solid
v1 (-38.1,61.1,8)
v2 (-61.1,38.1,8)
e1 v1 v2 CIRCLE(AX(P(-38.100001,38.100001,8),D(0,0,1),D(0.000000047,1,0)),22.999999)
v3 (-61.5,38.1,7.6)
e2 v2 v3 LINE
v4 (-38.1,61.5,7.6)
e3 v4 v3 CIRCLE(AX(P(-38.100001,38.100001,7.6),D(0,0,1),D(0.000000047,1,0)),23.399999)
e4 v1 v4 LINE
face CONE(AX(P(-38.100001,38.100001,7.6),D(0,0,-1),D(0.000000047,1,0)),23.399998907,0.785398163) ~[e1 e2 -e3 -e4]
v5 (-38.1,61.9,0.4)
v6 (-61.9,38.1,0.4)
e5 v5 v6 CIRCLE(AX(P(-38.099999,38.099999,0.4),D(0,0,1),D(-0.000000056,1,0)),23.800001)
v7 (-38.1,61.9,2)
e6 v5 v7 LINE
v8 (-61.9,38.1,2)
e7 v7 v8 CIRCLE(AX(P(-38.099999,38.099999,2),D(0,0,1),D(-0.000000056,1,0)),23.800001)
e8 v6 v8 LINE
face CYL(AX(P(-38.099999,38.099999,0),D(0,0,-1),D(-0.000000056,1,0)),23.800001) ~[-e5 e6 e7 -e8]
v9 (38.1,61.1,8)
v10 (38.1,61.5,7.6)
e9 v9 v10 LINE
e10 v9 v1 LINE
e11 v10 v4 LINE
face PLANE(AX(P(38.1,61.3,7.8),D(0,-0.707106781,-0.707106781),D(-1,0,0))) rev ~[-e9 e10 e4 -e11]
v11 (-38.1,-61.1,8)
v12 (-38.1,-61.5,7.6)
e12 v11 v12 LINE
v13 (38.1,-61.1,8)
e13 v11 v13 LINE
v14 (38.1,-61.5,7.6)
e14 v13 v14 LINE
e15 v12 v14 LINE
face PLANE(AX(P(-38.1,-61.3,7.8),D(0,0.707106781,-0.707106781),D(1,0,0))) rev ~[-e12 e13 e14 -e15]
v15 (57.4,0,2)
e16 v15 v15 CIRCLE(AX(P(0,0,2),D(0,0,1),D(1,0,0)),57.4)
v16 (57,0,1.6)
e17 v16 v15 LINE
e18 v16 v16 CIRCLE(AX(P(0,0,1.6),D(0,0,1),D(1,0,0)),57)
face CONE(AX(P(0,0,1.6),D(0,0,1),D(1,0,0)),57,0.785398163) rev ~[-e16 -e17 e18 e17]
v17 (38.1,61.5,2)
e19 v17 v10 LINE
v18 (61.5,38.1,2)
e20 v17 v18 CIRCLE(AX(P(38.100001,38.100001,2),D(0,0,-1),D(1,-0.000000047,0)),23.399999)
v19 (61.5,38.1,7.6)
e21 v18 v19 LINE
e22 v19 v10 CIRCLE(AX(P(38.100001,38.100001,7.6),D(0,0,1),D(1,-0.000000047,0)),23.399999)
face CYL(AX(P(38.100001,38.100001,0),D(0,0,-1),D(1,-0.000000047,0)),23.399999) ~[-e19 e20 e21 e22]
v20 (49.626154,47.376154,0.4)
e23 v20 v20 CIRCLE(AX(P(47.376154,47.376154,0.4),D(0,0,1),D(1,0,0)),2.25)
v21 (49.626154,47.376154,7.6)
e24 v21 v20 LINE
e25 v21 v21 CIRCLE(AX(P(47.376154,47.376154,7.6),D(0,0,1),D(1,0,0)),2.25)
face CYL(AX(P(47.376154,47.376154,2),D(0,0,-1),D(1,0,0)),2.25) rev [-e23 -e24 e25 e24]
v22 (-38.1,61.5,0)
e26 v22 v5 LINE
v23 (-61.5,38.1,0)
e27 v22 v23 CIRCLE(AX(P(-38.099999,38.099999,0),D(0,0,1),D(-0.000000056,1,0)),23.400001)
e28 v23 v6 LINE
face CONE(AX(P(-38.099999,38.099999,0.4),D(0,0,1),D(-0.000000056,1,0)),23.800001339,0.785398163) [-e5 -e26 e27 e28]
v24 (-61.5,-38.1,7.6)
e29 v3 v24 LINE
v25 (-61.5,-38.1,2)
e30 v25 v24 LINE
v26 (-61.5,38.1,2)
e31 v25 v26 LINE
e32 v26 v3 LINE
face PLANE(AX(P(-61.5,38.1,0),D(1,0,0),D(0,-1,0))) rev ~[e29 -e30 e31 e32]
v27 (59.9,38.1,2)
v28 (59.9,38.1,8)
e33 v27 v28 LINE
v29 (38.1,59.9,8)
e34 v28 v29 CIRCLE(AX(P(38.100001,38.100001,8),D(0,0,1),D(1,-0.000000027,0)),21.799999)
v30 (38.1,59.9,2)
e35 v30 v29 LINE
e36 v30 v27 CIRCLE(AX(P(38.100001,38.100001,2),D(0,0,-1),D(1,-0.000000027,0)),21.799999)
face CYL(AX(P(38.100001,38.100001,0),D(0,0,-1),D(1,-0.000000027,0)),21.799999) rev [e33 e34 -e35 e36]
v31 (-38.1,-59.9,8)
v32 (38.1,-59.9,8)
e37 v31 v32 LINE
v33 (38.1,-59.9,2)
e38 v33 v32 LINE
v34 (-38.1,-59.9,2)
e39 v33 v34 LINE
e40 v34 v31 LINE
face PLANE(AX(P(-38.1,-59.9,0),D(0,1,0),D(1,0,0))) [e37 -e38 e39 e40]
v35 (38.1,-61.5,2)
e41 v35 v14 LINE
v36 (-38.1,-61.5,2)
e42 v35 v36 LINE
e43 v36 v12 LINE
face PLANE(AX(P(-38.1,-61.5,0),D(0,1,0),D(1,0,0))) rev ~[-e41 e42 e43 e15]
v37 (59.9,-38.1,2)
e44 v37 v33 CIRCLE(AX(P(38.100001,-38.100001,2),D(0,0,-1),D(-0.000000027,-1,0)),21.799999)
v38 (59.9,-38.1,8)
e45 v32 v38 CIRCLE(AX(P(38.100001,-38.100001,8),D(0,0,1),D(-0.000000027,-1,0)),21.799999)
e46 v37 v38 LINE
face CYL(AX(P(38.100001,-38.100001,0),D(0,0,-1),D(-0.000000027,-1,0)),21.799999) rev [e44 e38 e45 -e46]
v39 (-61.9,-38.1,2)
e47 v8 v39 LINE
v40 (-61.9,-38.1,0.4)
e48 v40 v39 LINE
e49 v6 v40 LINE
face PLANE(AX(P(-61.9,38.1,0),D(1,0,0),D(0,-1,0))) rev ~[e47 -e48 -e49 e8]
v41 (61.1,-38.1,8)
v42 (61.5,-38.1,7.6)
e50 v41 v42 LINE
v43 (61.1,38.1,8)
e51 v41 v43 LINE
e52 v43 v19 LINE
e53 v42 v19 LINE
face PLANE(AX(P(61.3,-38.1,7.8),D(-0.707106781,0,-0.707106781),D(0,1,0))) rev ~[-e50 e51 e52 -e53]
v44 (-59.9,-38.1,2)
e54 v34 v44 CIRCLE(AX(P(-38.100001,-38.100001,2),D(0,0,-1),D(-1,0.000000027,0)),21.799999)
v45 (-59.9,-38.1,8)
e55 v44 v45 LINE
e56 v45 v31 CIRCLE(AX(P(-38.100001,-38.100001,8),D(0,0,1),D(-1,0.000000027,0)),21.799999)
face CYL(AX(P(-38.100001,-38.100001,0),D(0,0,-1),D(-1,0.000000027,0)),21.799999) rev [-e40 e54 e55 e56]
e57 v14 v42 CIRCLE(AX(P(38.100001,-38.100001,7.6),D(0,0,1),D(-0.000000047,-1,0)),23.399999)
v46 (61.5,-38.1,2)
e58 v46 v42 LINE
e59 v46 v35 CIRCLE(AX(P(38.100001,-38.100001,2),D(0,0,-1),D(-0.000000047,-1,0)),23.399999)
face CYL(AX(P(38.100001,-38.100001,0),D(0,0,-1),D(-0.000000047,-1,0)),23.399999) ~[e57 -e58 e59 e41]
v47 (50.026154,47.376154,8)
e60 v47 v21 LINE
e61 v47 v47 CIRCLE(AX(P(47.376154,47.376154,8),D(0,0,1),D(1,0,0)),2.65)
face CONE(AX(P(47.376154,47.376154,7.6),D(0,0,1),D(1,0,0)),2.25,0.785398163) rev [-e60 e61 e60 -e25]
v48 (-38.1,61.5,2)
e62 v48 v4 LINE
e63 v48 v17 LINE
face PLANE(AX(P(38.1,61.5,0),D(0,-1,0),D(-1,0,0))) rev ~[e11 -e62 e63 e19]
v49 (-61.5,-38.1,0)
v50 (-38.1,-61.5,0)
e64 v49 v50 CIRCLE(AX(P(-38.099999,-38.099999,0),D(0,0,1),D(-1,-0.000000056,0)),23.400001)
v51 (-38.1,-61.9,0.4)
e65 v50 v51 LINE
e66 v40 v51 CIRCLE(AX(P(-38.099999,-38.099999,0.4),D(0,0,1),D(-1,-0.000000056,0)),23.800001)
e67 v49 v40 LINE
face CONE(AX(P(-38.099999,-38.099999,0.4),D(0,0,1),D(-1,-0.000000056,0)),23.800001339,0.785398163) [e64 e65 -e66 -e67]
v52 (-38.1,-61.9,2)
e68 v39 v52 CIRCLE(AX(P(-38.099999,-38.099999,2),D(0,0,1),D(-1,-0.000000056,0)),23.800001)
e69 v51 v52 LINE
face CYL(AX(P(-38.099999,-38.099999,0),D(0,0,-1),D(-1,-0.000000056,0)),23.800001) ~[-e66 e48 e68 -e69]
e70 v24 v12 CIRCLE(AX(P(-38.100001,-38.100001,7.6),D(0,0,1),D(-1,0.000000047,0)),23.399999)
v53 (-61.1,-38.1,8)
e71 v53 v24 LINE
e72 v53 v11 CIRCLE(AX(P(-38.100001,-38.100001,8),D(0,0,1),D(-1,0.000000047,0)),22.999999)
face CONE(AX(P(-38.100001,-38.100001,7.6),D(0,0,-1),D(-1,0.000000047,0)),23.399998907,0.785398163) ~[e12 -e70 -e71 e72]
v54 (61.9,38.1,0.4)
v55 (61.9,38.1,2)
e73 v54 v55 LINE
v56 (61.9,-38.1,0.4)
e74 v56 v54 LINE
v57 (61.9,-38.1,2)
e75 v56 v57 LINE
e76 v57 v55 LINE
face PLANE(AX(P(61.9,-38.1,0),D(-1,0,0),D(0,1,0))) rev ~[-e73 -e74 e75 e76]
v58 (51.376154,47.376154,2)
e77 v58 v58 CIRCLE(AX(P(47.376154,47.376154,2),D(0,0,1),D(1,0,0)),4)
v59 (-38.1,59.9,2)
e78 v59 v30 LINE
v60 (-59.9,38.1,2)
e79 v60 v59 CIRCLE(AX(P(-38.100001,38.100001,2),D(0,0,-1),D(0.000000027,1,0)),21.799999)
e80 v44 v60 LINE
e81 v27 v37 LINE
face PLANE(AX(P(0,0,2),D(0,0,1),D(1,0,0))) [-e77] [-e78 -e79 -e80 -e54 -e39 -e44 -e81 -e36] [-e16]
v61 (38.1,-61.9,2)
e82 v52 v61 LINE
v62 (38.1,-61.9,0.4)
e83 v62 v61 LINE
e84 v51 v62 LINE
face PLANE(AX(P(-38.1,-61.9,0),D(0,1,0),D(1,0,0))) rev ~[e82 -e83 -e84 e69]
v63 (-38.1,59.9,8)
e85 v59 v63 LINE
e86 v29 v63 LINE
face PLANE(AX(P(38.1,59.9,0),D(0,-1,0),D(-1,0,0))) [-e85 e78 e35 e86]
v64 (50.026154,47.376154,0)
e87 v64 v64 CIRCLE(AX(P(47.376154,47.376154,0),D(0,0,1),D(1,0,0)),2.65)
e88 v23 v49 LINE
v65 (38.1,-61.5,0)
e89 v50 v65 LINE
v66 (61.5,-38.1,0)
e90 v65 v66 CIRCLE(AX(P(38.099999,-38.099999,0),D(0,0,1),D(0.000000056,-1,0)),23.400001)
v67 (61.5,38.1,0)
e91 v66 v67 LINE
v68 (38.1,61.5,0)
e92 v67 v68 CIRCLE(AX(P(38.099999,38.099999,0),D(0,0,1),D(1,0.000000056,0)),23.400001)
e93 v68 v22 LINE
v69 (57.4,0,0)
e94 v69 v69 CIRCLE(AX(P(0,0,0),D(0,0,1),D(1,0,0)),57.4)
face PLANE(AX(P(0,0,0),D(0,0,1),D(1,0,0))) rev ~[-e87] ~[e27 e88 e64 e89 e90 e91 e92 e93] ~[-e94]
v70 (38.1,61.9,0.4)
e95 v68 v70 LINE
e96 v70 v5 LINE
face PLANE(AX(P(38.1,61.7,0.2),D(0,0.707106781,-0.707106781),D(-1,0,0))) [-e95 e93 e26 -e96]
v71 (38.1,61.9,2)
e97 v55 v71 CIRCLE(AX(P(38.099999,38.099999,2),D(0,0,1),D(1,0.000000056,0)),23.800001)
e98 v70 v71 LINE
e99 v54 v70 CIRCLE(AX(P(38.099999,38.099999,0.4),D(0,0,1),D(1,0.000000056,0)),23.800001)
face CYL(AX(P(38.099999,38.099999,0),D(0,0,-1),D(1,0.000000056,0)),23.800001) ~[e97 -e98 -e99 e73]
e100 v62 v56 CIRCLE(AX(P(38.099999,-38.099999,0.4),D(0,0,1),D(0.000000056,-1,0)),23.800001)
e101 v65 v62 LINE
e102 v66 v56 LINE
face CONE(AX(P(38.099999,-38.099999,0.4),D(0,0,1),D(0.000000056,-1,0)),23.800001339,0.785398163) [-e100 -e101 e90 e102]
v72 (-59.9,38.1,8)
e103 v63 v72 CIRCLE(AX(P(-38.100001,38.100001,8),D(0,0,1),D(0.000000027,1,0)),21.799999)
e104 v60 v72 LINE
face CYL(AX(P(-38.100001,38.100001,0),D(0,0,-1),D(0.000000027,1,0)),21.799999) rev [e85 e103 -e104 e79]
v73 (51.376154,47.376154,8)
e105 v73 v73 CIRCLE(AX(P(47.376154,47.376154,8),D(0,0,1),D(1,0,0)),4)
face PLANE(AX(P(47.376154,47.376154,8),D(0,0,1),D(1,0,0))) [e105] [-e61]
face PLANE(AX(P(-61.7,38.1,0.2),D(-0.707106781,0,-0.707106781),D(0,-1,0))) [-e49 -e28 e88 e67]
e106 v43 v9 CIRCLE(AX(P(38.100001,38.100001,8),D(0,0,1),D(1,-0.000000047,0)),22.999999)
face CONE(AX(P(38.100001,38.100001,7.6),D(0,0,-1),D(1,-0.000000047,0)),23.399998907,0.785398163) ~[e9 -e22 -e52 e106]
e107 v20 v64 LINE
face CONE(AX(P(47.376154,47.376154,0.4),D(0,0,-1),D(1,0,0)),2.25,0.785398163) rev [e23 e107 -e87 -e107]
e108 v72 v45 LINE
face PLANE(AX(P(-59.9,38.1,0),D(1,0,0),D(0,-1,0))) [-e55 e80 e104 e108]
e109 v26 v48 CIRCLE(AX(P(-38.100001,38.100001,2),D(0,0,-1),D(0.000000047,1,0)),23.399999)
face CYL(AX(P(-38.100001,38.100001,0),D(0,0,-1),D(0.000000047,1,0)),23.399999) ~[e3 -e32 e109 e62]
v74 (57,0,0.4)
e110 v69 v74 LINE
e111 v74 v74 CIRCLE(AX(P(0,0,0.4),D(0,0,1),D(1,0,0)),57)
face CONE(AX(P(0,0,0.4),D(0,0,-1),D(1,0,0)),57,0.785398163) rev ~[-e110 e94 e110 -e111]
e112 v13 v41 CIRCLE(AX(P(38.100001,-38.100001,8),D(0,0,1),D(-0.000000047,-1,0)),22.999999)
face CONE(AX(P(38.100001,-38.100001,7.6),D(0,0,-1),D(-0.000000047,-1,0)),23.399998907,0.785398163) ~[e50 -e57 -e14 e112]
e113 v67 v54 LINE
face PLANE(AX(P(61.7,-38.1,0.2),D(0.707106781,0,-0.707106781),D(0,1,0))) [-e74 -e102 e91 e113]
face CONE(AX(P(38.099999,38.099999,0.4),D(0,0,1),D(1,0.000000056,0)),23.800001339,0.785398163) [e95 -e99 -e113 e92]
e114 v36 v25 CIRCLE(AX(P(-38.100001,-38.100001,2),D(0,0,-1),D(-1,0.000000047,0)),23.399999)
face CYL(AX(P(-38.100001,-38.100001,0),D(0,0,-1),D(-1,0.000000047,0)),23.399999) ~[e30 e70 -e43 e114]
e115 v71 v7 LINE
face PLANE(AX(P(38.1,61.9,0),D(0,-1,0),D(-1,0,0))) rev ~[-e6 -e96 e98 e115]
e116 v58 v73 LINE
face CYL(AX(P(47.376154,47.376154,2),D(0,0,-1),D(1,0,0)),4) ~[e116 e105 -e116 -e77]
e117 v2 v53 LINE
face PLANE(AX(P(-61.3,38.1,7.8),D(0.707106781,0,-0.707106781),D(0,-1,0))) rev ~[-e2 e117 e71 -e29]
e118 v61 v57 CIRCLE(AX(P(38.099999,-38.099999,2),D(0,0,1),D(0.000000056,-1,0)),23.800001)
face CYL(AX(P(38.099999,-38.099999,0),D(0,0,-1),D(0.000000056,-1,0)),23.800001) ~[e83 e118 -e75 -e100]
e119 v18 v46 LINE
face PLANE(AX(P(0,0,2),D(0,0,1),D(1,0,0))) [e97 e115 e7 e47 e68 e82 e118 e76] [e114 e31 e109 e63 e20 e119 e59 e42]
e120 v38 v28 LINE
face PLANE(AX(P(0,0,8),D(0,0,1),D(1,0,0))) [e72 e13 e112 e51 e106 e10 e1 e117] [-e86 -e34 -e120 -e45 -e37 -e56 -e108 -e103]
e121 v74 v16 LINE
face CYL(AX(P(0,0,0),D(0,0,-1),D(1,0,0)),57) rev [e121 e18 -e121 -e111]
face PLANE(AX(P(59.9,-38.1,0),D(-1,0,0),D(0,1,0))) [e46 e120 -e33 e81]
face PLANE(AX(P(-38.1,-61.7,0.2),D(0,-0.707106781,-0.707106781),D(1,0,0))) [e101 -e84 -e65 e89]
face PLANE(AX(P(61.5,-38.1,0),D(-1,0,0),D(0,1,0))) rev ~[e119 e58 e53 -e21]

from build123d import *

# Parameters (mm, degrees)
SKETCH_R      = 2.25
SKETCH_R_2    = 57
PAD_DEPTH     = 2
PAD006_DEPTH  = 8
SKETCH014_R   = 4
SKETCH014_R_2 = 2.25
PAD009_DEPTH  = 6
CHAMFER_SIZE  = 0.4


with BuildPart() as part:
    # Sketch → Pad (new body)
    with BuildSketch(Plane.XY):
        with BuildLine():
            Line((-61.9, 38.1), (-61.9, -38.1))
            ThreePointArc((-61.9, -38.1), (-54.929141, -54.929141), (-38.1, -61.9))
            Line((-38.1, -61.9), (38.1, -61.9))
            ThreePointArc((38.1, -61.9), (54.929141, -54.929141), (61.9, -38.1))
            Line((61.9, -38.1), (61.9, 38.1))
            ThreePointArc((61.9, 38.1), (54.929141, 54.929141), (38.1, 61.9))
            Line((38.1, 61.9), (-38.1, 61.9))
            ThreePointArc((-38.1, 61.9), (-54.929141, 54.929141), (-61.9, 38.1))
        make_face()
        with Locations((47.376154, 47.376154)):
            Circle(SKETCH_R, mode=Mode.SUBTRACT)
        Circle(SKETCH_R_2, mode=Mode.SUBTRACT)
    extrude(amount=PAD_DEPTH)

    # Sketch008 → Pad006 (join)
    with BuildSketch(Plane.XY):
        with BuildLine():
            Line((-61.5, 38.1), (-61.5, -38.1))
            ThreePointArc((-61.5, -38.1), (-54.646299, -54.646299), (-38.1, -61.5))
            Line((-38.1, -61.5), (38.1, -61.5))
            ThreePointArc((38.1, -61.5), (54.646299, -54.646299), (61.5, -38.1))
            Line((61.5, -38.1), (61.5, 38.1))
            ThreePointArc((61.5, 38.1), (54.646299, 54.646299), (38.1, 61.5))
            Line((38.1, 61.5), (-38.1, 61.5))
            ThreePointArc((-38.1, 61.5), (-54.646299, 54.646299), (-61.5, 38.1))
        make_face()
        with BuildLine():
            Line((-59.9, 38.1), (-59.9, -38.1))
            ThreePointArc((-59.9, -38.1), (-53.514928, -53.514928), (-38.1, -59.9))
            Line((-38.1, -59.9), (38.1, -59.9))
            ThreePointArc((38.1, -59.9), (53.514928, -53.514928), (59.9, -38.1))
            Line((59.9, -38.1), (59.9, 38.1))
            ThreePointArc((59.9, 38.1), (53.514928, 53.514928), (38.1, 59.9))
            Line((38.1, 59.9), (-38.1, 59.9))
            ThreePointArc((-38.1, 59.9), (-53.514928, 53.514928), (-59.9, 38.1))
        make_face(mode=Mode.SUBTRACT)
    extrude(amount=PAD006_DEPTH)

    # Sketch014 (on Face27 of Pad006) → Pad009 (join)
    with BuildSketch(Plane.XY.offset(2)):
        with Locations((47.376154, 47.376154)):
            Circle(SKETCH014_R)
        with Locations((47.376154, 47.376154)):
            Circle(SKETCH014_R_2, mode=Mode.SUBTRACT)
    extrude(amount=PAD009_DEPTH)

    # Chamfer
    chamfer_edges = [part.edges().sort_by_distance(p)[0] for p in [
        (-57, 0, 2),
        (45.126154, 47.376154, 8),
        (0, 61.5, 8),
        (-61.9, 0, 0),
        (-54.929141, 54.929141, 0),
        (0, 61.9, 0),
        (54.929141, 54.929141, 0),
        (61.9, 0, 0),
        (54.929141, -54.929141, 0),
        (0, -61.9, 0),
        (-54.929141, -54.929141, 0),
        (-57, 0, 0),
        (45.126154, 47.376154, 0),
    ]]
    chamfer(chamfer_edges, length=CHAMFER_SIZE)


solid = part.part
